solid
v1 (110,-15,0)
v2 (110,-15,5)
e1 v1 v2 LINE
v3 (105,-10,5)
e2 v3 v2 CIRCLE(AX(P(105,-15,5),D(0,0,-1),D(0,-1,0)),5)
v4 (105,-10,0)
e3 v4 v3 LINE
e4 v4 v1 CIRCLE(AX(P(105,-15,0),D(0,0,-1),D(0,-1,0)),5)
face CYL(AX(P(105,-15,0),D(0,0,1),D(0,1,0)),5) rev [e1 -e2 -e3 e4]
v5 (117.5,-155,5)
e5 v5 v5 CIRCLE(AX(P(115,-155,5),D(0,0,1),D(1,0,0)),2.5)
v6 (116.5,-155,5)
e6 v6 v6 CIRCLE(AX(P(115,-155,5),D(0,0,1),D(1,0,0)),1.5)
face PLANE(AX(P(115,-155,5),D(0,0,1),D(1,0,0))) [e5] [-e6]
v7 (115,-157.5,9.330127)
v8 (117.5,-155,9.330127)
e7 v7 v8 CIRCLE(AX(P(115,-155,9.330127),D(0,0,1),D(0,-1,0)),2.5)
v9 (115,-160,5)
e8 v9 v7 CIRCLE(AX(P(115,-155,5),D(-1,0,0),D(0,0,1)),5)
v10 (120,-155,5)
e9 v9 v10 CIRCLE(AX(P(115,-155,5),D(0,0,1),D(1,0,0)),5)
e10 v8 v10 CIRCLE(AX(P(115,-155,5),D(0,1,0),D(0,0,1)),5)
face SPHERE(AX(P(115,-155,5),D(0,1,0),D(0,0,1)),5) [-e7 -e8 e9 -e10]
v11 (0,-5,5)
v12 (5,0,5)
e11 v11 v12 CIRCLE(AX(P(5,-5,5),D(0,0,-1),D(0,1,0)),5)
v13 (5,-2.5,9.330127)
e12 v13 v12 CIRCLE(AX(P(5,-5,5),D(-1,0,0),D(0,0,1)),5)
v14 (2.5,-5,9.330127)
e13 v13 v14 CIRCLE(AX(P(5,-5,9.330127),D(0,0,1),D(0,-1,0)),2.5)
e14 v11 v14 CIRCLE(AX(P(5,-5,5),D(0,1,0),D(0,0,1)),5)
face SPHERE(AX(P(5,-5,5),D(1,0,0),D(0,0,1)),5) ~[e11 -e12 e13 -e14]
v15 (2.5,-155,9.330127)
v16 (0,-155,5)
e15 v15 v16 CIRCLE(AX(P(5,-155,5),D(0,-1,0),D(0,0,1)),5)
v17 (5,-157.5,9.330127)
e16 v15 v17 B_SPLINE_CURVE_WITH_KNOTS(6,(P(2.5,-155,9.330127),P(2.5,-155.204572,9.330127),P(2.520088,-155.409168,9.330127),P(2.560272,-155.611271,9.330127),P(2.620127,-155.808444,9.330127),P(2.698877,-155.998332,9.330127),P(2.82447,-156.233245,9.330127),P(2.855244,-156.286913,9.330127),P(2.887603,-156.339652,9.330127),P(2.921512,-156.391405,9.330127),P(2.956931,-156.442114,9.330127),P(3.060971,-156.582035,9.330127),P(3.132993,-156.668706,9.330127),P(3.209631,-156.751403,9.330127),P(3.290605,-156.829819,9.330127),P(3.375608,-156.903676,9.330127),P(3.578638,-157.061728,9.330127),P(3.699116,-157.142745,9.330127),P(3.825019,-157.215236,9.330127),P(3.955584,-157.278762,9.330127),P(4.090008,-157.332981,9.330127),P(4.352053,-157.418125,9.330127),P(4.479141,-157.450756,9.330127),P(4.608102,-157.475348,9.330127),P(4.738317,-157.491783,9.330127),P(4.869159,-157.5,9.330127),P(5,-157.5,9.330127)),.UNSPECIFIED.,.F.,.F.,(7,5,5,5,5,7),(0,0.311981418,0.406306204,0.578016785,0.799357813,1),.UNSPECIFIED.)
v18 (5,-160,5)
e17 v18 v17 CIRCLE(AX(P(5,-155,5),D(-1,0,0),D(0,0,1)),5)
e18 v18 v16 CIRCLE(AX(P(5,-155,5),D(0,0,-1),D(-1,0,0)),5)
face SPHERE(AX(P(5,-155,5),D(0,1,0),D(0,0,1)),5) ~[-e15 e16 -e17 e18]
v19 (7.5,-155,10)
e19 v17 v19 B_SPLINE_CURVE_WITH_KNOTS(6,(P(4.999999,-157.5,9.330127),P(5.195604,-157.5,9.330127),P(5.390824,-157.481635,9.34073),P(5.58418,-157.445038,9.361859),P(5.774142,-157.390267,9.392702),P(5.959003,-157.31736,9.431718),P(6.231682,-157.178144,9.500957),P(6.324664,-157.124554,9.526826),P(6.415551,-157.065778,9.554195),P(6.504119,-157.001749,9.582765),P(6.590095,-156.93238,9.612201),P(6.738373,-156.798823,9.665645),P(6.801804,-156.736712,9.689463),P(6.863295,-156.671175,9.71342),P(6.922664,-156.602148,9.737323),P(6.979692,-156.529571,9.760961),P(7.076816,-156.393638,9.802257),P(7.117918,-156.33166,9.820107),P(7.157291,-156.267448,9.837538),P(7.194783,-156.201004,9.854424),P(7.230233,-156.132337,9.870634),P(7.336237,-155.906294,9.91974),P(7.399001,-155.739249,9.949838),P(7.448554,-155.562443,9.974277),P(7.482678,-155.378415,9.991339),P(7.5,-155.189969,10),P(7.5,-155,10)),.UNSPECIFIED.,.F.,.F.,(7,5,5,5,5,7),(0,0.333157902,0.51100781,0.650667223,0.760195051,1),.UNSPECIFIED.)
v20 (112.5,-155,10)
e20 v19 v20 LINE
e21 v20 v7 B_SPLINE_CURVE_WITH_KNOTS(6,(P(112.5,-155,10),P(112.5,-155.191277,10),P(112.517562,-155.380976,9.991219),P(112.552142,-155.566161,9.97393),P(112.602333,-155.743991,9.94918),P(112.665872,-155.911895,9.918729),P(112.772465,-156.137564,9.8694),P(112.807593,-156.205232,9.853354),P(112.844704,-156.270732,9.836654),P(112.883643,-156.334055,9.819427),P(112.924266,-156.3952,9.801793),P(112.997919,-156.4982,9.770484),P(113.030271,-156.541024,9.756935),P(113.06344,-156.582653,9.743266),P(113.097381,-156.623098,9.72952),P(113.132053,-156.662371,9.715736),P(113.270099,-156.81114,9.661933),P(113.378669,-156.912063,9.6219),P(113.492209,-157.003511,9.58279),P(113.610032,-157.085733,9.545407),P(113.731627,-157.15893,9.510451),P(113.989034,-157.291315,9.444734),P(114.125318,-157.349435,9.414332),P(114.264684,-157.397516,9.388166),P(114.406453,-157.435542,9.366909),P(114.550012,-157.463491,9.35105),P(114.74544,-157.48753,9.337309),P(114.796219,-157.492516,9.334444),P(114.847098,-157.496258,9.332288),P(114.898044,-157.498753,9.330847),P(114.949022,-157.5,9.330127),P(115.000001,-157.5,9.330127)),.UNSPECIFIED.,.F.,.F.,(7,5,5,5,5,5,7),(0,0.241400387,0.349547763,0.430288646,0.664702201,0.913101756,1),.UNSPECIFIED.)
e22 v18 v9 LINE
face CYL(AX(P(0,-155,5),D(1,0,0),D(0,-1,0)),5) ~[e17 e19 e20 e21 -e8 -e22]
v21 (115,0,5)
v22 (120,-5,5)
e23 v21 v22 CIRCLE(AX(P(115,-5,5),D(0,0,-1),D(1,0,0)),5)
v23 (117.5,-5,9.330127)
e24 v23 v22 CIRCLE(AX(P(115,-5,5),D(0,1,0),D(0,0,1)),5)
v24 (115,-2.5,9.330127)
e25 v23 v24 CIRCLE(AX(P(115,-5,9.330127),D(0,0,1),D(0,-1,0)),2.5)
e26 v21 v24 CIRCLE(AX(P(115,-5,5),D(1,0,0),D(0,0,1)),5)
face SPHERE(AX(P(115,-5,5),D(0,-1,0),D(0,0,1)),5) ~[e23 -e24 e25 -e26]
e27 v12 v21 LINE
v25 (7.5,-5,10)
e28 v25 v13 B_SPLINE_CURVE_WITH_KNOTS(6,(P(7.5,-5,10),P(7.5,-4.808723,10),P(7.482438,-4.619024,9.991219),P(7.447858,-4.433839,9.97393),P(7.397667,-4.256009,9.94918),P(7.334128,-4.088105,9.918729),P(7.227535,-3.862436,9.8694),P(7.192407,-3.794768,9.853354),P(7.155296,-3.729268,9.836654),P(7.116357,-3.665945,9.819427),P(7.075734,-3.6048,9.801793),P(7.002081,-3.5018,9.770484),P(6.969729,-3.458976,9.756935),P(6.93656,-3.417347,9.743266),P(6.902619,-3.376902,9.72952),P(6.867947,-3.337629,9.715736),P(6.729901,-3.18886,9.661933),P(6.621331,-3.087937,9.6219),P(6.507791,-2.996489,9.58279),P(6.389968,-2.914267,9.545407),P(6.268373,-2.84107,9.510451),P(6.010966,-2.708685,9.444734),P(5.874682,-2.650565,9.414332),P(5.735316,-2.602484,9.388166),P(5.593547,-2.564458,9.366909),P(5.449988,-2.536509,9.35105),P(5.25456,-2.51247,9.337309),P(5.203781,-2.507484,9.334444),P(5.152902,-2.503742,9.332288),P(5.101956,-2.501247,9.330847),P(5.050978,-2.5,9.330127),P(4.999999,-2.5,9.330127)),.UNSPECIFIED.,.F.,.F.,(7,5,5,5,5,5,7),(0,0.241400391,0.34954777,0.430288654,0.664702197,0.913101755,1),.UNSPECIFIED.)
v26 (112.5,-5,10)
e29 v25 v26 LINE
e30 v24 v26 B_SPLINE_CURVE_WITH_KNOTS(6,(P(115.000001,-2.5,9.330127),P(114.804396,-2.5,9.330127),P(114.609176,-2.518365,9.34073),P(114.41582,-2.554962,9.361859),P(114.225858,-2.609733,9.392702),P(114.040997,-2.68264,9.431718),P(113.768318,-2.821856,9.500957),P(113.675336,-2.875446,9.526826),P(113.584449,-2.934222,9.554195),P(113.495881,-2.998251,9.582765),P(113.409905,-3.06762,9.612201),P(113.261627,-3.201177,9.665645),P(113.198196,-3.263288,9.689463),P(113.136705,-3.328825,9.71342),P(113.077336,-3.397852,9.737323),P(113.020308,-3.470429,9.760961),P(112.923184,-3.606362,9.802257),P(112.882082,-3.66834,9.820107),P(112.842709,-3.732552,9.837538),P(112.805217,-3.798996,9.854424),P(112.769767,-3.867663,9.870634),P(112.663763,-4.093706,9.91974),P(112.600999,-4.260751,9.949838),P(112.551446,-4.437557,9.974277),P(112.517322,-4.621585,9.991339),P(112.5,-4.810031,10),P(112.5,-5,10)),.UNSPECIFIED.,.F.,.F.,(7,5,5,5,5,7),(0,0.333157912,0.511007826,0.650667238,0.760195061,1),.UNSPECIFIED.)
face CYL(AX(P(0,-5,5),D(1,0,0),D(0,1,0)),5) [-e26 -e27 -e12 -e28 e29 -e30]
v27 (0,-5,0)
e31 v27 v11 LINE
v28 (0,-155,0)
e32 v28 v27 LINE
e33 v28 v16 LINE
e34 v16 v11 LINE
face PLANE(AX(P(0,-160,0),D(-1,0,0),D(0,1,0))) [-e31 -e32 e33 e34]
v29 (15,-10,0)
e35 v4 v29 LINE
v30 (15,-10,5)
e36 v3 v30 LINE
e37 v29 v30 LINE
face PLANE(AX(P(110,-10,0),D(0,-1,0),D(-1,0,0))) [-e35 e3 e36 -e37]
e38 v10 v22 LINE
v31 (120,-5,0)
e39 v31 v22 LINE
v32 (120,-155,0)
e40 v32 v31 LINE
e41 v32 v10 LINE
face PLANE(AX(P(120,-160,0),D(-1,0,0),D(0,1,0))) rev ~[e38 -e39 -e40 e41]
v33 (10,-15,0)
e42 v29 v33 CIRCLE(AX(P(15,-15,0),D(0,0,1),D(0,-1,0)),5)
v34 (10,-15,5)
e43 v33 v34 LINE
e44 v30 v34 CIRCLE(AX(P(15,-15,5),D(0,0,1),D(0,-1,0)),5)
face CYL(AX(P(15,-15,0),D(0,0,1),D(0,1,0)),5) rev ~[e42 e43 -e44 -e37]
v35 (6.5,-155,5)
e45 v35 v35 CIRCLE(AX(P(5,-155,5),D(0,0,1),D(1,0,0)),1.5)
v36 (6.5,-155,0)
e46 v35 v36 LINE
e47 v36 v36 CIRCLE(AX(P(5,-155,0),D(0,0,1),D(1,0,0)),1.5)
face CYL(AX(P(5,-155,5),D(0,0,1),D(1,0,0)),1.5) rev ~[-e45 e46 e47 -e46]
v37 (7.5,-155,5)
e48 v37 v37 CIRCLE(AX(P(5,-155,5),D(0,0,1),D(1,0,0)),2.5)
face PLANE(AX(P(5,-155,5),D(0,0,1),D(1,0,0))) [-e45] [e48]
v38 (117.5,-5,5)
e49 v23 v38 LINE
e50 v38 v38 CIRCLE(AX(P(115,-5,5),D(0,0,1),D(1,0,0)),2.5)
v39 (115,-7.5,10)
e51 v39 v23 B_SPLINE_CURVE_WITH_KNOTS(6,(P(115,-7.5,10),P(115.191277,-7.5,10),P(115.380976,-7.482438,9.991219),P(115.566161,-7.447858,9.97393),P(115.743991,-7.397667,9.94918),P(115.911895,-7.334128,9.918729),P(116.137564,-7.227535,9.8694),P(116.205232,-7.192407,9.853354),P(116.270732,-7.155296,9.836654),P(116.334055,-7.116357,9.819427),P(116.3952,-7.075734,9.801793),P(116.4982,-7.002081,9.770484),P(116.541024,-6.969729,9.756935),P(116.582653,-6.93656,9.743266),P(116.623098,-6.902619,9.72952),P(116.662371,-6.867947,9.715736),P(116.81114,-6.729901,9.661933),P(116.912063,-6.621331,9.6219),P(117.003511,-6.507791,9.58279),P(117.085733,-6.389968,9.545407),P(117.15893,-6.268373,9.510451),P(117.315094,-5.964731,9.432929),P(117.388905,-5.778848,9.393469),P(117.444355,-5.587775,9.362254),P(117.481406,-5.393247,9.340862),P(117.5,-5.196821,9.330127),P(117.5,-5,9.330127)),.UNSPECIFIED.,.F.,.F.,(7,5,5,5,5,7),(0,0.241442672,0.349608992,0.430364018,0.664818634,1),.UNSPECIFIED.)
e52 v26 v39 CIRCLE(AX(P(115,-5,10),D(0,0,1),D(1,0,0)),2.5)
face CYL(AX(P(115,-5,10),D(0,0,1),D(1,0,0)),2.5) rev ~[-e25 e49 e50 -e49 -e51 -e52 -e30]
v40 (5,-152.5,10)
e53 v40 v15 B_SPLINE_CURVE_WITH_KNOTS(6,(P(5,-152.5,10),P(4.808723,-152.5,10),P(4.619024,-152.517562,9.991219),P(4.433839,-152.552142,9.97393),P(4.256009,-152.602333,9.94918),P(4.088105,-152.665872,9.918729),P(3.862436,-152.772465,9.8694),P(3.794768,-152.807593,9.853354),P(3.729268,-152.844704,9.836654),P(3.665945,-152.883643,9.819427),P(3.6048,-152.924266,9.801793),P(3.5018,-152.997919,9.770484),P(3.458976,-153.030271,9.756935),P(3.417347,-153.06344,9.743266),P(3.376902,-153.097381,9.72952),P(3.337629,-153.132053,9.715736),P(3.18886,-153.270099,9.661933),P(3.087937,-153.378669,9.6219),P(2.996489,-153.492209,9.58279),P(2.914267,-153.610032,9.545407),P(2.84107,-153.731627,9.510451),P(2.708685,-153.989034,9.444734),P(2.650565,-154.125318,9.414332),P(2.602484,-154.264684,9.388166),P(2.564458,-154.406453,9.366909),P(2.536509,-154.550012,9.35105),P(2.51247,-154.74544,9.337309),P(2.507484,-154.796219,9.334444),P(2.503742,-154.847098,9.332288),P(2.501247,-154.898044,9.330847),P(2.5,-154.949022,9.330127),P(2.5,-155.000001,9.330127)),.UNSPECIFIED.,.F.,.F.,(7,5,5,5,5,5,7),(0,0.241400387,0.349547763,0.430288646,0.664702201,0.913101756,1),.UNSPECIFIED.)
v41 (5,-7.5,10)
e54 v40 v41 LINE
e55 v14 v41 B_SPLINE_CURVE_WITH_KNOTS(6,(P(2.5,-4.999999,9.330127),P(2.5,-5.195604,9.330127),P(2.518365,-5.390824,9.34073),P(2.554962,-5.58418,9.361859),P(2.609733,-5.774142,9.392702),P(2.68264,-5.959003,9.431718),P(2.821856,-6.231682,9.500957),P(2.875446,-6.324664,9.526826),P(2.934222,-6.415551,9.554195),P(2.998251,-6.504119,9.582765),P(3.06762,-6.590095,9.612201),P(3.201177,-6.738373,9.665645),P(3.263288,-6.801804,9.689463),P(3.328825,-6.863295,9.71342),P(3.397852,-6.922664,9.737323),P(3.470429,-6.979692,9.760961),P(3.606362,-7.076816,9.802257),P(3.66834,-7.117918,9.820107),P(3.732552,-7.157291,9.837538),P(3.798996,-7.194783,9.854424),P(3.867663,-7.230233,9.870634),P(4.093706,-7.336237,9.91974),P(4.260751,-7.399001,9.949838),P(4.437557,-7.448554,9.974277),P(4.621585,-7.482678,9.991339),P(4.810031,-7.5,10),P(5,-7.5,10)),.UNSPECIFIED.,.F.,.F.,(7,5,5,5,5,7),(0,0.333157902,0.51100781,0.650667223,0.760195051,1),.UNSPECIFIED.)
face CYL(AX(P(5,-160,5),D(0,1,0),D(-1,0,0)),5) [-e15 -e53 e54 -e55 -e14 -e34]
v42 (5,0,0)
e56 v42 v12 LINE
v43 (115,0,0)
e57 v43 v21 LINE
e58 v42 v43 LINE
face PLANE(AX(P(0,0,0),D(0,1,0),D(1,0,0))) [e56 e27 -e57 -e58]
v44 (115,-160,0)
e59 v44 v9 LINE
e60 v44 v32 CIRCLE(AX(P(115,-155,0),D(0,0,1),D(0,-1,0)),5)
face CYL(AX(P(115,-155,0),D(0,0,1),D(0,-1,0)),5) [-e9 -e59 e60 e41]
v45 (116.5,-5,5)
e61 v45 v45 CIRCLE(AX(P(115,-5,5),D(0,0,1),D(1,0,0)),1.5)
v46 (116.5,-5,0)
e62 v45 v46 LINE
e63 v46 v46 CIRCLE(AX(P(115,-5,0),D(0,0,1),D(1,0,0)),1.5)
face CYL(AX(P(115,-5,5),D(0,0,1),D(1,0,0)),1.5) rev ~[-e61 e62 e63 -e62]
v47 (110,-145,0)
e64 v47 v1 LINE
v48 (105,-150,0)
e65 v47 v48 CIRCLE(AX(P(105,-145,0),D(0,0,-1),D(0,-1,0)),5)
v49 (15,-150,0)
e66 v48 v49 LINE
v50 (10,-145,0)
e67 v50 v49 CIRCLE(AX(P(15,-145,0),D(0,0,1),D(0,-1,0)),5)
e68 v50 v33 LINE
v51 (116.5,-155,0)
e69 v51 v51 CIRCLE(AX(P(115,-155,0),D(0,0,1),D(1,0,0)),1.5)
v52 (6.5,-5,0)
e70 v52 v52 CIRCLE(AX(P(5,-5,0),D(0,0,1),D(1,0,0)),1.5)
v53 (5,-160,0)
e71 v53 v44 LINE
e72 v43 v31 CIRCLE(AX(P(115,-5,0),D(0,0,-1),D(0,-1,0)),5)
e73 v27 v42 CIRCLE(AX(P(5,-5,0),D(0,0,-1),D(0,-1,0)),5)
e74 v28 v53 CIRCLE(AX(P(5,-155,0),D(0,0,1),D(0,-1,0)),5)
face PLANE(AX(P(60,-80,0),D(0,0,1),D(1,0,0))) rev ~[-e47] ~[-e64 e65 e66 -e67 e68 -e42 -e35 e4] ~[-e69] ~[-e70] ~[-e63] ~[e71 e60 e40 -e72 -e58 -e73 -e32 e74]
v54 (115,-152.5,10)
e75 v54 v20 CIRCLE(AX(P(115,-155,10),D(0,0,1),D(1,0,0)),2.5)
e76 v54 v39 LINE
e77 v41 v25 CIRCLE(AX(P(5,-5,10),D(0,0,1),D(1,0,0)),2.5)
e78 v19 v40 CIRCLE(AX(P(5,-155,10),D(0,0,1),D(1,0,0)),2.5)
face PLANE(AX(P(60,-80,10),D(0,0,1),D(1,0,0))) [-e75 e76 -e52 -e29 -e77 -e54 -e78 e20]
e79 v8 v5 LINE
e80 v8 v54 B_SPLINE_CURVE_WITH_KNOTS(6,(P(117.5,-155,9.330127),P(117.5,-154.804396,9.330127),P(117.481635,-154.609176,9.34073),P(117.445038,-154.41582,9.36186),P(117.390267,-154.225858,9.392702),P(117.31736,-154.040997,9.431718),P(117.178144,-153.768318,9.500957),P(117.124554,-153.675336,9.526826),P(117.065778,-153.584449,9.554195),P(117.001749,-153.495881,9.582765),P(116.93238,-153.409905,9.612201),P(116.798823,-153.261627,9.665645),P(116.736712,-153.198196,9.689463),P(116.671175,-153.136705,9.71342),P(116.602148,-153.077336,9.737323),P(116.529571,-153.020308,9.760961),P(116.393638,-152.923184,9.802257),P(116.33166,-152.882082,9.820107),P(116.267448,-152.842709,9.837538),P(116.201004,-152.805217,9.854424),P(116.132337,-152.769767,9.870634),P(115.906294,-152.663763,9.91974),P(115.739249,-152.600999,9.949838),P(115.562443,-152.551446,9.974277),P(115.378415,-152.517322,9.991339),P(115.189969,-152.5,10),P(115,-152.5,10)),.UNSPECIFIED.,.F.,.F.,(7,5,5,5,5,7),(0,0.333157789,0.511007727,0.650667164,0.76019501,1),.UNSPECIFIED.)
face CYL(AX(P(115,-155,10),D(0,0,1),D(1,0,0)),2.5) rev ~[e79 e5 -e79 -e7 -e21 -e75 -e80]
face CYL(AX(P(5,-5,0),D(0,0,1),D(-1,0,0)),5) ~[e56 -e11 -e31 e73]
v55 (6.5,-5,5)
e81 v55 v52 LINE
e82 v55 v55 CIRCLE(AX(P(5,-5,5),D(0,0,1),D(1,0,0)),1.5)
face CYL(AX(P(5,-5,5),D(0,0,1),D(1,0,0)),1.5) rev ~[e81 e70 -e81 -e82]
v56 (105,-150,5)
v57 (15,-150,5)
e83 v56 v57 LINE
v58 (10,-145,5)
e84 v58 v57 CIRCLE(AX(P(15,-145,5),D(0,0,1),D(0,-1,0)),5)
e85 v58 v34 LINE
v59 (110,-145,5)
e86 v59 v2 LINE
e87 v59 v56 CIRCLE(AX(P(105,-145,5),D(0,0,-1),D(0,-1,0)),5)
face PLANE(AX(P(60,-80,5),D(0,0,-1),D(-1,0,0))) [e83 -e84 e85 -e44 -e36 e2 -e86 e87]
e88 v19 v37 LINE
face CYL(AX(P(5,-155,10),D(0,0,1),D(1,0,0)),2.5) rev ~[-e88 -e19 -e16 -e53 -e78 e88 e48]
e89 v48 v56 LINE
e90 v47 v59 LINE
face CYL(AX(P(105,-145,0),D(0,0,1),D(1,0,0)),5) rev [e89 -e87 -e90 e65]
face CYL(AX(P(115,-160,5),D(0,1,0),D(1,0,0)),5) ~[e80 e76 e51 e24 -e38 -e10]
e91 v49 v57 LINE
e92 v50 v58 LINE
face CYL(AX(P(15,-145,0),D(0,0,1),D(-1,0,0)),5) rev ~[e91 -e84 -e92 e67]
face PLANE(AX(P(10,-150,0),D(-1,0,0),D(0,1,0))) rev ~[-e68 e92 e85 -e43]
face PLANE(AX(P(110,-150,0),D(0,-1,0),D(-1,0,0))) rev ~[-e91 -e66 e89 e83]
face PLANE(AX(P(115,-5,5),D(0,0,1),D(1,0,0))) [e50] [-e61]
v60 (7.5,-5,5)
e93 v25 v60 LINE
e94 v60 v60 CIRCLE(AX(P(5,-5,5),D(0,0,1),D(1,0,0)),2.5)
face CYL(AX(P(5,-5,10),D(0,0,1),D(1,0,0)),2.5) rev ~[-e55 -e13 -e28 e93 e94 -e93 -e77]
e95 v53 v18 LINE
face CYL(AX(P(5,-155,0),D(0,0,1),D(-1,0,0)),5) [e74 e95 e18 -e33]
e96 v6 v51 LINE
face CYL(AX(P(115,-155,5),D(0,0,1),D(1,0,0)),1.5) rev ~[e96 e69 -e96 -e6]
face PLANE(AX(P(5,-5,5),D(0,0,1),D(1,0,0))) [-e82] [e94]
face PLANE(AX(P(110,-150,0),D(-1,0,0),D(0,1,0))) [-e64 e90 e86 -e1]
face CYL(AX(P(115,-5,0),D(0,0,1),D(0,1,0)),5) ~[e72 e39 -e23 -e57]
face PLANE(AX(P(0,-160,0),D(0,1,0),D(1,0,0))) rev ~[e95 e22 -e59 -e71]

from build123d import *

# Parameters (mm, degrees)
SKETCH1_W           = 120
SKETCH1_H           = 160
BOSS_EXTRUDE1_DEPTH = 10
SKETCH2_W           = 100
SKETCH2_H           = 140
CUT_EXTRUDE1_DEPTH  = 5
FILLET1_R           = 5
FILLET2_R           = 5
FILLET3_R           = 5
SKETCH3_R           = 2.5
CUT_EXTRUDE2_DEPTH  = 5
SKETCH4_R           = 2.5
CUT_EXTRUDE3_DEPTH  = 5
SKETCH5_R           = 2.5
CUT_EXTRUDE4_DEPTH  = 5
SKETCH6_R           = 1.5
CUT_EXTRUDE5_DEPTH  = 10


with BuildPart() as part:
    # Sketch1 → Boss-Extrude1 (new body)
    with BuildSketch(Plane.XY):
        with Locations((60, -80)):
            Rectangle(SKETCH1_W, SKETCH1_H)
    extrude(amount=BOSS_EXTRUDE1_DEPTH)

    # Sketch2 → Cut-Extrude1 (cut)
    with BuildSketch(Plane(origin=(0, 0, 0), x_dir=(-1, 0, 0), z_dir=(0, 0, -1))):
        with Locations((-60, -80)):
            Rectangle(SKETCH2_W, SKETCH2_H)
    extrude(amount=-CUT_EXTRUDE1_DEPTH, mode=Mode.SUBTRACT)

    # Fillet1
    fillet1_edges = [part.edges().sort_by_distance(p)[0] for p in [
        (10, -10, 2.5),
    ]]
    fillet(fillet1_edges, radius=FILLET1_R)

    # Fillet2
    fillet2_edges = [part.edges().sort_by_distance(p)[0] for p in [
        (110, -150, 2.5),
        (110, -10, 2.5),
        (10, -150, 2.5),
    ]]
    fillet(fillet2_edges, radius=FILLET2_R)

    # Fillet3
    fillet3_edges = [part.edges().sort_by_distance(p)[0] for p in [
        (120, -80, 10),
        (60, 0, 10),
        (0, -80, 10),
        (60, -160, 10),
        (0, 0, 5),
        (120, 0, 5),
        (120, -160, 5),
        (0, -160, 5),
    ]]
    fillet(fillet3_edges, radius=FILLET3_R)

    # Sketch3 → Cut-Extrude2 (cut)
    with BuildSketch(Plane.XY.offset(10)):
        with Locations((115, -5)):
            Circle(SKETCH3_R)
    extrude(amount=-CUT_EXTRUDE2_DEPTH, mode=Mode.SUBTRACT)

    # Sketch4 → Cut-Extrude3 (cut)
    with BuildSketch(Plane.XY.offset(10)):
        with Locations((5, -5)):
            Circle(SKETCH4_R)
    extrude(amount=-CUT_EXTRUDE3_DEPTH, mode=Mode.SUBTRACT)

    # Sketch5 → Cut-Extrude4 (cut)
    with BuildSketch(Plane.XY.offset(10)):
        with Locations((5, -155)):
            Circle(SKETCH5_R)
        with Locations((115, -155)):
            Circle(SKETCH5_R)
    extrude(amount=-CUT_EXTRUDE4_DEPTH, mode=Mode.SUBTRACT)

    # Sketch6 → Cut-Extrude5 (cut)
    with BuildSketch(Plane.XY.offset(5)):
        with Locations((5, -5)):
            Circle(SKETCH6_R)
        with Locations((115, -5)):
            Circle(SKETCH6_R)
        with Locations((115, -155)):
            Circle(SKETCH6_R)
        with Locations((5, -155)):
            Circle(SKETCH6_R)
    extrude(amount=-CUT_EXTRUDE5_DEPTH, mode=Mode.SUBTRACT)


solid = part.part
